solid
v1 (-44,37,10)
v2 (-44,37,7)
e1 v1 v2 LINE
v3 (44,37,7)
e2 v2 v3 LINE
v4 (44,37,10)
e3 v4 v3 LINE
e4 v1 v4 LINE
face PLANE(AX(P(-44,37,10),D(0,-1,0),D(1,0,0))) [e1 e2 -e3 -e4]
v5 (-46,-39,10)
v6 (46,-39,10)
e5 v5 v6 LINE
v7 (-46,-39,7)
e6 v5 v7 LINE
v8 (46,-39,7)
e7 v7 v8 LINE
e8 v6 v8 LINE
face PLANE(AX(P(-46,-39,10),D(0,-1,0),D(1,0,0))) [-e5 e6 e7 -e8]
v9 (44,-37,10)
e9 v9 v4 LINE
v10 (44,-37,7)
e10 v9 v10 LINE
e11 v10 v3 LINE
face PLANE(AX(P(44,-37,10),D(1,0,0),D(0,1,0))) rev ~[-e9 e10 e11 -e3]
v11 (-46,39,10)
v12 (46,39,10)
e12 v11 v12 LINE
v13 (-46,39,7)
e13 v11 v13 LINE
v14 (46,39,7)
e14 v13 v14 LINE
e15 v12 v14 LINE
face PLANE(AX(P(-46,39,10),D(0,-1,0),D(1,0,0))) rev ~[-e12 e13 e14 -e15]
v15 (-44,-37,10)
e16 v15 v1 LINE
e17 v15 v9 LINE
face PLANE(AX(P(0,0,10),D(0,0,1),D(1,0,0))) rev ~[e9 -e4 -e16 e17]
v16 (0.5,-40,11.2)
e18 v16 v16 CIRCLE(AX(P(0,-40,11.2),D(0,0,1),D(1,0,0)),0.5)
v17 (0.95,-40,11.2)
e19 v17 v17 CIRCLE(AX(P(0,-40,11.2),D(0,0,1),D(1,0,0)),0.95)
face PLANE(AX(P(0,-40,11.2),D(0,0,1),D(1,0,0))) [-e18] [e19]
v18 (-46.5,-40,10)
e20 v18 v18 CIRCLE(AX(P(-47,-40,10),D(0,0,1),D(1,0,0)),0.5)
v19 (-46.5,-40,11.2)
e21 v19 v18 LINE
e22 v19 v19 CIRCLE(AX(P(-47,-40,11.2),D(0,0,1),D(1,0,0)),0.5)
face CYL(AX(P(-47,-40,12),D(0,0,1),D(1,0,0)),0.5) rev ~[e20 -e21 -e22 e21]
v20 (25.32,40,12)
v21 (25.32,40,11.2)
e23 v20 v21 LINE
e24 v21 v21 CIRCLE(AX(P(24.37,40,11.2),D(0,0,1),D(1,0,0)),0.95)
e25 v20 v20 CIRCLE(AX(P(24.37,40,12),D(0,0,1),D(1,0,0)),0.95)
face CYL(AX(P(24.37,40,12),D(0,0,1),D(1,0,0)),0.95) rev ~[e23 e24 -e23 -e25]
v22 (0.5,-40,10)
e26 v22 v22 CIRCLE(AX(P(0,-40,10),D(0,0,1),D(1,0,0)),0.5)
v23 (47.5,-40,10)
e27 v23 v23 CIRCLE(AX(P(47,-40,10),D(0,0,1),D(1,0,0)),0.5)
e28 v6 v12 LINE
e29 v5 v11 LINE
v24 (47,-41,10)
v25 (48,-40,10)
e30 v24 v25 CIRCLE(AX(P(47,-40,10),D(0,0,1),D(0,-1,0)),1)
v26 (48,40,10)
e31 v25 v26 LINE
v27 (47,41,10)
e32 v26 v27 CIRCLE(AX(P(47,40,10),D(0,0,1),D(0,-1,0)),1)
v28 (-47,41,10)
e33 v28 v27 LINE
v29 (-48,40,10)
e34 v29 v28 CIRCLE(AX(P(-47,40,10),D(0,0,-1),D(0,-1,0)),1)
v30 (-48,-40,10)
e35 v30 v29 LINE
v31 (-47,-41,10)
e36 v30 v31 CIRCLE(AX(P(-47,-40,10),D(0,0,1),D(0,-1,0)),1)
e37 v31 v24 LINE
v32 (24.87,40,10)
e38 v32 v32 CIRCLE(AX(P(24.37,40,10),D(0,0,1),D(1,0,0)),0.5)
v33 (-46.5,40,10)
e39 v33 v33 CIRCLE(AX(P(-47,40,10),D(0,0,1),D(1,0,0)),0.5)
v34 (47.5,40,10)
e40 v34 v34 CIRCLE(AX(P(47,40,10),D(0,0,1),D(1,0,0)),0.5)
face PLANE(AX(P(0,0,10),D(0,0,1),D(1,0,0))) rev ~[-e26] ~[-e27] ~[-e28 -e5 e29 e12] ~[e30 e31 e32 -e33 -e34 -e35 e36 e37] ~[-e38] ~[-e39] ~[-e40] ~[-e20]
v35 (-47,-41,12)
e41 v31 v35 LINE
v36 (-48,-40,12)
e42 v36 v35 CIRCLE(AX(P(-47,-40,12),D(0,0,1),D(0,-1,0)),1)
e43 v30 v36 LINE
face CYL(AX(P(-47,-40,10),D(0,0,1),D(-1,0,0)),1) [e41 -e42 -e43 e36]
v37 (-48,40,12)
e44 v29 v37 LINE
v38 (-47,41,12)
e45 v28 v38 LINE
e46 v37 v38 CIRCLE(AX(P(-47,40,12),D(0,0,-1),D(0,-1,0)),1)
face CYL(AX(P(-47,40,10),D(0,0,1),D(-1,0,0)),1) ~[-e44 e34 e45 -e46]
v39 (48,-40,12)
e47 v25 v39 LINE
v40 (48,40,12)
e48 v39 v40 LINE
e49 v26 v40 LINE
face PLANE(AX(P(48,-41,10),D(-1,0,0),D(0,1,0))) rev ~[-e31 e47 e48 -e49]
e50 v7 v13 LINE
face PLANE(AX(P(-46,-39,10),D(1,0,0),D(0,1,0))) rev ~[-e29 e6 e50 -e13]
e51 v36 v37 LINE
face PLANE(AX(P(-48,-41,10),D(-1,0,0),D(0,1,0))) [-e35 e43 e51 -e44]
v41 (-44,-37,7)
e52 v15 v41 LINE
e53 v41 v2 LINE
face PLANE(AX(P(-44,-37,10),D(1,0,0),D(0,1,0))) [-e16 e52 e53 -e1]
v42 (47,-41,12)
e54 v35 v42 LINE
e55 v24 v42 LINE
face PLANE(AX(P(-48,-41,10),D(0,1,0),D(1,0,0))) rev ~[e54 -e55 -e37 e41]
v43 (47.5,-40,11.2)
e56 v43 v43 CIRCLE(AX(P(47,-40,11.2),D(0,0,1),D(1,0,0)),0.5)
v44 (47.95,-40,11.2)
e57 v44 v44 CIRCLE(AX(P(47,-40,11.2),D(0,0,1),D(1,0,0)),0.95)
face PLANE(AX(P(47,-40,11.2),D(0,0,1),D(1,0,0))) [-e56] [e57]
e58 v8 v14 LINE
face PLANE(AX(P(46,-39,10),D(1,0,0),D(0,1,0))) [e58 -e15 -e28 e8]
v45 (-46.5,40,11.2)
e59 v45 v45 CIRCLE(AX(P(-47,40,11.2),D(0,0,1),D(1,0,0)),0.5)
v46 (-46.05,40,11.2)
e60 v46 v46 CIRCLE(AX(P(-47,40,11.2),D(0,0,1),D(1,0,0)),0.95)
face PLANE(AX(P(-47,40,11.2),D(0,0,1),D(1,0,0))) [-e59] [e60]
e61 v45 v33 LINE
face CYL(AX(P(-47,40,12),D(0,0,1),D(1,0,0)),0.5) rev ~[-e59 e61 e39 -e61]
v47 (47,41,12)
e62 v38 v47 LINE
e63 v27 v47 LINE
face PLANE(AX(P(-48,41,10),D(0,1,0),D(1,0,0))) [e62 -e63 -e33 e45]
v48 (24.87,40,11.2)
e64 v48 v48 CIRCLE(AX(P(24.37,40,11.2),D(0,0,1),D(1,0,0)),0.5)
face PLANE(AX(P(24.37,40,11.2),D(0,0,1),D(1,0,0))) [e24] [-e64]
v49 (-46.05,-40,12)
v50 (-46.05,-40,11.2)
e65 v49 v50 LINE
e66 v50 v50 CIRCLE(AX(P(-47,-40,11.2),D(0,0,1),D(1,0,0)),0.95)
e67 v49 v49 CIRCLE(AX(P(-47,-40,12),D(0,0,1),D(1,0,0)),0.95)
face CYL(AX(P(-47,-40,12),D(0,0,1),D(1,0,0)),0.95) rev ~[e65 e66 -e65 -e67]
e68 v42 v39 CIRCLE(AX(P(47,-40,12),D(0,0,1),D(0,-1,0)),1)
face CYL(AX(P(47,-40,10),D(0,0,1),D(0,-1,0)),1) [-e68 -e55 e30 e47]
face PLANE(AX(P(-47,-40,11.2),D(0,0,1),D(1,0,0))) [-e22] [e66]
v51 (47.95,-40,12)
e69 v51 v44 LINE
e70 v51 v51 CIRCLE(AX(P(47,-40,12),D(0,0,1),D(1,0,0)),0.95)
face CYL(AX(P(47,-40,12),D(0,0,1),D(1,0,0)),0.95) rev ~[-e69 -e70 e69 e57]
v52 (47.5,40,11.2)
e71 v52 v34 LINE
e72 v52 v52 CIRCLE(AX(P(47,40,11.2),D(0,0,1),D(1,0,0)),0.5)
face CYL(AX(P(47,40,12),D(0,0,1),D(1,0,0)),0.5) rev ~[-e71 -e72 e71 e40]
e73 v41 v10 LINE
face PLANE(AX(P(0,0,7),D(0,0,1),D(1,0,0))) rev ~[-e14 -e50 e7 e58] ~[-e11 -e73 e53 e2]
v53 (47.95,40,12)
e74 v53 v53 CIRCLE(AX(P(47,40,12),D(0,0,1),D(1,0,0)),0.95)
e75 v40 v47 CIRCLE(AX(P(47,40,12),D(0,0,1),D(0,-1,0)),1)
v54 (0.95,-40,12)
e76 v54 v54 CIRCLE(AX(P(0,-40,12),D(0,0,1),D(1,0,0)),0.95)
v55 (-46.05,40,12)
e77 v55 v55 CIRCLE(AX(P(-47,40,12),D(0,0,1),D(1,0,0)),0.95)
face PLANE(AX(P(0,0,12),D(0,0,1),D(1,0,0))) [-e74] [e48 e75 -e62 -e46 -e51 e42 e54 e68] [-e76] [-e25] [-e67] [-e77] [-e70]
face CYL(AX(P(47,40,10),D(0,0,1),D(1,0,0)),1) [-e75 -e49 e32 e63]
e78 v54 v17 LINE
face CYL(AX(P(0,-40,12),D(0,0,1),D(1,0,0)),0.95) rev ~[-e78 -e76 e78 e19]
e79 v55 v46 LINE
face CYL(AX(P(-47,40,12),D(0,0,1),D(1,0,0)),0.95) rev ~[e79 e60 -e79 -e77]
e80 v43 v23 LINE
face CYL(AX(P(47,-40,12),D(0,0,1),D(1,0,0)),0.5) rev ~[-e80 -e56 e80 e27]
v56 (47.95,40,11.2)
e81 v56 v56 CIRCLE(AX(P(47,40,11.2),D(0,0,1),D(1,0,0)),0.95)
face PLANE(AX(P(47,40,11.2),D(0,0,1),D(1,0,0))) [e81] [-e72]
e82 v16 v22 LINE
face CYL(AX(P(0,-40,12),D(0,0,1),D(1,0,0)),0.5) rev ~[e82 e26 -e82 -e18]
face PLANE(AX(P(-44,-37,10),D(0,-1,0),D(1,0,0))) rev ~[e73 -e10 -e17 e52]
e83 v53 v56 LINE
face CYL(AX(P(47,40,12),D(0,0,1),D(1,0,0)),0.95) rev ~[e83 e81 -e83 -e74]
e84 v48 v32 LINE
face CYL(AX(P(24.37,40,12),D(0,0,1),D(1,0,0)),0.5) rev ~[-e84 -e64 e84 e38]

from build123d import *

# Parameters (mm, degrees)
SKETCH009_R      = 0.5
EXTRUDE011_DEPTH = 8
SKETCH010_R      = 0.95
EXTRUDE010_DEPTH = 0.8
SKETCH008_W      = 96
SKETCH008_H      = 82
EXTRUDE009_DEPTH = 2
FILLET004_R      = 1
SKETCH007_W      = 92
SKETCH007_H      = 78
SKETCH007_W_2    = 88
SKETCH007_H_2    = 74
EXTRUDE008_DEPTH = 3


with BuildPart() as extrude011:
    # Sketch009 (on Face5 of Fusion002) → Extrude011 (new body)
    with BuildSketch(Plane.XY.offset(12)):
        with Locations((24.37, 40)):
            Circle(SKETCH009_R)
        with Locations((0, -40)):
            Circle(SKETCH009_R)
        with Locations((47, -40)):
            Circle(SKETCH009_R)
        with Locations((-47, -40)):
            Circle(SKETCH009_R)
        with Locations((-47, 40)):
            Circle(SKETCH009_R)
        with Locations((47, 40)):
            Circle(SKETCH009_R)
    extrude(amount=-EXTRUDE011_DEPTH)


with BuildPart() as fusion004:
    # Sketch010 (on Face5 of Fusion002) → Extrude010 (new body)
    with BuildSketch(Plane.XY.offset(12)):
        with Locations((24.37, 40)):
            Circle(SKETCH010_R)
        with Locations((0, -40)):
            Circle(SKETCH010_R)
        with Locations((47, -40)):
            Circle(SKETCH010_R)
        with Locations((-47, -40)):
            Circle(SKETCH010_R)
        with Locations((-47, 40)):
            Circle(SKETCH010_R)
        with Locations((47, 40)):
            Circle(SKETCH010_R)
    extrude(amount=-EXTRUDE010_DEPTH)

    # Fusion004: union Extrude011
    add(extrude011.part)


with BuildPart() as fillet004:
    # Sketch008 (on Face5 of Fusion001) → Extrude009 (new body)
    with BuildSketch(Plane.XY.offset(10)):
        Rectangle(SKETCH008_W, SKETCH008_H)
    extrude(amount=EXTRUDE009_DEPTH)

    # Fillet004
    fillet004_edges = [fillet004.edges().sort_by_distance(p)[0] for p in [
        (-48, 41, 11),
        (48, 41, 11),
        (48, -41, 11),
        (-48, -41, 11),
    ]]
    fillet(fillet004_edges, radius=FILLET004_R)


with BuildPart() as under001:
    # Sketch007 (on Face5 of Fusion001) → Extrude008 (new body)
    with BuildSketch(Plane.XY.offset(10)):
        Rectangle(SKETCH007_W, SKETCH007_H)
        Rectangle(SKETCH007_W_2, SKETCH007_H_2, mode=Mode.SUBTRACT)
    extrude(amount=-EXTRUDE008_DEPTH)

    # Fusion002: union Fillet004
    add(fillet004.part)

    # Cut004: cut Fusion004
    add(fusion004.part, mode=Mode.SUBTRACT)


solid = under001.part
